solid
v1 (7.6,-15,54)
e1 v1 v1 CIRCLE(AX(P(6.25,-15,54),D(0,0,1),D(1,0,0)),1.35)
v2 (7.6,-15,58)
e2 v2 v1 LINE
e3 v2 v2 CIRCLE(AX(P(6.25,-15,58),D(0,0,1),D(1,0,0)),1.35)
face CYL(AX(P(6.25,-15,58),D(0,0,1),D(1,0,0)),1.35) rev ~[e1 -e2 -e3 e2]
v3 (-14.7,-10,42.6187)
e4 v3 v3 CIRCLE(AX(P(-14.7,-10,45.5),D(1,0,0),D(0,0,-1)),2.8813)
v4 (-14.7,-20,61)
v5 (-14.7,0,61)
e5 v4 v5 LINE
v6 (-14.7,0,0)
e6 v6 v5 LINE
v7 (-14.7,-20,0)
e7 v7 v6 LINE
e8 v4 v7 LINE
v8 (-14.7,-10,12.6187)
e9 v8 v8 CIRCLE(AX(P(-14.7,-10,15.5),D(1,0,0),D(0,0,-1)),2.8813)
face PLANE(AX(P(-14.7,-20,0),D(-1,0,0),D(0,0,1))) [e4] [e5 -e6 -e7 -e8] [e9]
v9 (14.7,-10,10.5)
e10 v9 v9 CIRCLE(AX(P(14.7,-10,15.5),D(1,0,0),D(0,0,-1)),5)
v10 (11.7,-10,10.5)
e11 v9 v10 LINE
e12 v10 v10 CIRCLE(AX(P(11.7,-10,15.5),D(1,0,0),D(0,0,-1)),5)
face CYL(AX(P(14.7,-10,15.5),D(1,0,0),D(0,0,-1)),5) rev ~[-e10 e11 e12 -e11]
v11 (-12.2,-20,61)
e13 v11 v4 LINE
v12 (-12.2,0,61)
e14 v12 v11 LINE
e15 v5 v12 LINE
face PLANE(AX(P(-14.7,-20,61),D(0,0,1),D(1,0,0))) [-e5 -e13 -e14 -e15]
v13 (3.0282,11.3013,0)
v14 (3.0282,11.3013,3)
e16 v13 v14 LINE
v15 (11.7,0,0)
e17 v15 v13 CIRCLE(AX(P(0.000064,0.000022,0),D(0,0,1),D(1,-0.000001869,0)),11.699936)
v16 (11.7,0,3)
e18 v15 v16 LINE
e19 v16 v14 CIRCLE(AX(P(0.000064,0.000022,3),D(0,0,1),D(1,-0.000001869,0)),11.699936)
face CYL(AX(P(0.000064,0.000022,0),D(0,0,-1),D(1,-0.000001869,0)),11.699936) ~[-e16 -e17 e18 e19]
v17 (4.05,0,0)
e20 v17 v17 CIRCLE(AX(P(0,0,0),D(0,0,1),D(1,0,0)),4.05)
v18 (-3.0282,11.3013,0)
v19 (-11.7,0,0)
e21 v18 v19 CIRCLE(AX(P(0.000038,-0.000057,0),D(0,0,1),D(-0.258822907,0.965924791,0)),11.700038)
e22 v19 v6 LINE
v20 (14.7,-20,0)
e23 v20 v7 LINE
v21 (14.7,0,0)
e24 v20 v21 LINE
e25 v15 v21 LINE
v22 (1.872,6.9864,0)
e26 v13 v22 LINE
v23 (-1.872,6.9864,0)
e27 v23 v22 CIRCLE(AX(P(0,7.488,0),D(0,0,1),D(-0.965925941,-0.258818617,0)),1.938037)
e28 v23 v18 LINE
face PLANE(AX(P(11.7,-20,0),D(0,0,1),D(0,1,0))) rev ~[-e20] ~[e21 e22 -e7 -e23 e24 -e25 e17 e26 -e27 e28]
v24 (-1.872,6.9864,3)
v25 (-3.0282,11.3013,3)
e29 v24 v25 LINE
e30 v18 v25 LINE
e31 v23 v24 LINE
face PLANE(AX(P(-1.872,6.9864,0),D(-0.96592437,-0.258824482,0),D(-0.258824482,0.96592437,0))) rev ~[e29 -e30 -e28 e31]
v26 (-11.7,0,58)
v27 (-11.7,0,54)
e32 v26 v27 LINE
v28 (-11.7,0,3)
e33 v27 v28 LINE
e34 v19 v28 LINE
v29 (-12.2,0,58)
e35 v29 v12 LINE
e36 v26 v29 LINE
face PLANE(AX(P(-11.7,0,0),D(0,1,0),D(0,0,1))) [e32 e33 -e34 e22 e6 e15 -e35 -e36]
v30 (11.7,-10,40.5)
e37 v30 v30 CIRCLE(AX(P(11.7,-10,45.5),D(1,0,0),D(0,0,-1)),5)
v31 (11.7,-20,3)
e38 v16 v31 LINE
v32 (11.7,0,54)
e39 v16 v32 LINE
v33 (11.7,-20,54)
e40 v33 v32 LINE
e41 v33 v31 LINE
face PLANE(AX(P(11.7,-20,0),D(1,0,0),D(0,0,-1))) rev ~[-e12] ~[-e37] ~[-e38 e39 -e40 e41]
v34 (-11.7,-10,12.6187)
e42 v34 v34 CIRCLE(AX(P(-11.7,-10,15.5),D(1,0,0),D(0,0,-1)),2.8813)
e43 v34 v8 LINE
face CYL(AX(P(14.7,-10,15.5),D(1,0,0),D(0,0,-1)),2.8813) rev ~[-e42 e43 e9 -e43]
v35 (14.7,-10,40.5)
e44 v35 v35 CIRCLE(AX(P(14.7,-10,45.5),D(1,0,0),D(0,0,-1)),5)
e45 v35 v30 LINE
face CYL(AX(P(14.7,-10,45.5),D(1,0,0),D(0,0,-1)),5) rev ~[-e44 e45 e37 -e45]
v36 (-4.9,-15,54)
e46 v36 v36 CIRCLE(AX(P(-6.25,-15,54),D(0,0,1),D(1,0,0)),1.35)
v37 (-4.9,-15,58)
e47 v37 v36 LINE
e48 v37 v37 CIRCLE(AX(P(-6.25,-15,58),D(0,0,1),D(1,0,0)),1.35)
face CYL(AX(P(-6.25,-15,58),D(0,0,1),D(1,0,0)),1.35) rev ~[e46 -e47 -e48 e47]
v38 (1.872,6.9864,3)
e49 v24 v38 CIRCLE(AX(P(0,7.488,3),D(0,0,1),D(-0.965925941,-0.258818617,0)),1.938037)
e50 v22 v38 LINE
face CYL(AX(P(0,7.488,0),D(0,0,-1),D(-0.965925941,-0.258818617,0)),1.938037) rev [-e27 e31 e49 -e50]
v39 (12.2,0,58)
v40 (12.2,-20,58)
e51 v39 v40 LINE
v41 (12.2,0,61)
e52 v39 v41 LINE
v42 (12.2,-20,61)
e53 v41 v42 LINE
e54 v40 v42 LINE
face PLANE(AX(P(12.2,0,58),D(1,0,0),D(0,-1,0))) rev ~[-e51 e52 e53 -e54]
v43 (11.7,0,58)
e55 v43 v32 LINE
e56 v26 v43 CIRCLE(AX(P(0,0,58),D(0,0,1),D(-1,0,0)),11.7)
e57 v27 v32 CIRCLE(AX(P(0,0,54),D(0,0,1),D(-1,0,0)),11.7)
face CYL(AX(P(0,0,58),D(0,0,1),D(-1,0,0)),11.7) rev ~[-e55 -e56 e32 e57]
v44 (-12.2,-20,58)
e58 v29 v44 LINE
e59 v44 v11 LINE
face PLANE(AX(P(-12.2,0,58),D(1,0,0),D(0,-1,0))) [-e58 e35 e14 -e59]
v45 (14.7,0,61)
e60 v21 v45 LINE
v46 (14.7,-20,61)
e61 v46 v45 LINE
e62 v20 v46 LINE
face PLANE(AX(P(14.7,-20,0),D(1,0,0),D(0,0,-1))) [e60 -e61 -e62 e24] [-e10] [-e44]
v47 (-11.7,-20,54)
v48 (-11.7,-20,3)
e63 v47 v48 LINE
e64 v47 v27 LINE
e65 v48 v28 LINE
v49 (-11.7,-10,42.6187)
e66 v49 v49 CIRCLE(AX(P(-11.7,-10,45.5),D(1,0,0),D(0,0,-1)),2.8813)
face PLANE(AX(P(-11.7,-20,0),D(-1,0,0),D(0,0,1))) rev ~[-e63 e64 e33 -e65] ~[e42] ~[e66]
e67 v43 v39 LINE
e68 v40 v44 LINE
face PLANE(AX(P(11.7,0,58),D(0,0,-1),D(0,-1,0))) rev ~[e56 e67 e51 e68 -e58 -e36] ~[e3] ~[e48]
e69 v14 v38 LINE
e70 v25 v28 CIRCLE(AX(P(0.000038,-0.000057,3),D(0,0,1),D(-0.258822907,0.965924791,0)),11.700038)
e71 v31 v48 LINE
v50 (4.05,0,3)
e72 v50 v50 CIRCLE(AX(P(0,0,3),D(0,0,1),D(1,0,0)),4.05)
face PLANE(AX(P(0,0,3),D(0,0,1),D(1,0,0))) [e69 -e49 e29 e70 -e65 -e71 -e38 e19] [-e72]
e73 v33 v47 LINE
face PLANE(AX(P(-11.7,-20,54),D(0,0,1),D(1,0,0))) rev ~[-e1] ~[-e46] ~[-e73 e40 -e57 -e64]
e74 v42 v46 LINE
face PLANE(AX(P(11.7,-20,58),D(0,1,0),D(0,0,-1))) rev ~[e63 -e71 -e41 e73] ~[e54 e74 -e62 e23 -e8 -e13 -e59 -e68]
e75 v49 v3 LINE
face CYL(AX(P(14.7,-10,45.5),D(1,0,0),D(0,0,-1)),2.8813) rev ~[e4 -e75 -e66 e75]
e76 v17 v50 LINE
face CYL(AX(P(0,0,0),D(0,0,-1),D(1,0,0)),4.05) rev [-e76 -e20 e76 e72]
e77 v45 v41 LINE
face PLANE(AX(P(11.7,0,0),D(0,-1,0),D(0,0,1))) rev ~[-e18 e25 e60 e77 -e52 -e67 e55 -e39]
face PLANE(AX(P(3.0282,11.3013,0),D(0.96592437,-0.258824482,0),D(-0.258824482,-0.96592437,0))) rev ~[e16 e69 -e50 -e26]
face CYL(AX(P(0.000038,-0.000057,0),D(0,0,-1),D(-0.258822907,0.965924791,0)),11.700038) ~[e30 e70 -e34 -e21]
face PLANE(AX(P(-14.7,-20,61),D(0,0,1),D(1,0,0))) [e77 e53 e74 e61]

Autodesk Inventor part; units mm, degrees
ref_plane "YZ Plane" through (0, 0, 0) normal (1, 0, 0) x (0, 1, 0)
ref_plane "XZ Plane" through (0, 0, 0) normal (0, 1, 0) x (-1, 0, 0)
ref_plane "XY Plane" through (0, 0, 0) normal (0, 0, 1) x (1, 0, 0)
sketch "Sketch1" plane through (0, 0, 0) normal (0, 0, 1) x (1, 0, 0)
  arc A0 (-1.9, 11.5447) -> (-3.0282, 11.3013) centre (0, 0) ccw construction
  line L0 (0, 7.75) -> (0, 0) construction
  arc A1 (1.9, 11.5447) -> (-1.9, 11.5447) centre (0, 0) ccw construction
  circle A2 centre (0, 0) radius 4.05
  line L1 (11.7, 0) -> (11.7, -20)
  line L2 (11.7, -20) -> (-11.7, -20)
  line L3 (-11.7, -20) -> (-11.7, 0)
  arc A3 (11.7, 0) -> (3.0282, 11.3013) centre (0, 0) ccw
  arc A4 (-11.7, 0) -> (11.7, 0) centre (0, 0) ccw construction
  line L4 (3.0282, 11.3013) -> (1.872, 6.9864)
  line L5 (-1.872, 6.9864) -> (-3.0282, 11.3013)
  arc A5 (-1.872, 6.9864) -> (1.872, 6.9864) centre (0, 7.488) ccw
  arc A6 (3.0282, 11.3013) -> (1.9, 11.5447) centre (0, 0) ccw construction
  arc A7 (-3.0282, 11.3013) -> (-11.7, 0) centre (0, 0) ccw
  line L6 (-1.872, 6.9864) -> (0, 0) construction
  line L7 (0, 0) -> (1.872, 6.9864) construction
  line L8 (0, 5.55) -> (0, 4.05) construction
  dimension "d3" = 8.1
  dimension "d0" = 23.4
  dimension "d4" = 20
  dimension "d8" = 30
  dimension "d9" = 1.5
extrude "Extrusion1" add sketch "Sketch1" along normal blind 3
sketch "Sketch2" plane through (-11.7, -20, 0) normal (-1, 0, 0) x (0, 0, 1)
  line L0 (0, 20) -> (58, 20)
  line L1 (58, 20) -> (58, 0)
  line L2 (58, 0) -> (0, 0)
  line L3 (0, 0) -> (0, 20)
  line L4 (0, 0) -> (3, 0) projected
  line L5 (3, 20) -> (3, 0) projected
  dimension "d10" = 55
extrude "Extrusion2" add sketch "Sketch2" along normal blind 3
sketch "Sketch3" plane through (-11.7, -20, 58) normal (0, 0, 1) x (1, 0, 0)
  circle A0 centre (11.7, 20) radius 4.05 construction
  arc A1 (0, 20) -> (23.4, 20) centre (11.7, 20) ccw
  line L0 (23.4, 0) -> (23.4, 20) projected
  line L1 (23.4, 20) -> (23.4, 0)
  line L2 (23.4, 0) -> (0, 0)
  line L3 (23.4, 0) -> (-3, 0) construction
  line L4 (0, 0) -> (0, 20)
extrude "Extrusion3" add sketch "Sketch3" against normal blind 4
sketch "Sketch4" plane through (-14.7, -20, 58) normal (0, 0, 1) x (1, 0, 0)
  circle A0 centre (8.45, 5) radius 1.35
  circle A1 centre (20.95, 5) radius 1.35
  line L0 (8.45, 5) -> (20.95, 5) construction
  line L1 (14.7, 5) -> (14.7, 20) construction
  dimension "d15" = 12.5
  dimension "d16" = 2.7
  dimension "d17" = 15
extrude "Extrusion4" cut sketch "Sketch4" against normal up to surface (4 mm away)
sketch "Sketch5" plane through (11.7, -20, 0) normal (1, 0, 0) x (0, 0, -1)
  line L0 (0, 31.3013) -> (0, 20) construction
  line L1 (0, 20) -> (-58, 20)
  line L2 (-58, 20) -> (-58, 0)
  line L3 (-58, 0) -> (0, 0)
  line L4 (0, 0) -> (0, 20)
extrude "Extrusion5" add sketch "Sketch5" along normal blind 3
sketch "Sketch7" plane through (-14.7, -20, 58) normal (0, 0, 1) x (1, 0, 0)
  line L0 (0, 20) -> (2.5, 20)
  line L1 (2.5, 20) -> (2.5, 0)
  line L2 (2.5, 0) -> (0, 0)
  line L3 (0, 0) -> (0, 20)
  line L4 (29.4, 20) -> (26.9, 20)
  line L5 (26.9, 20) -> (26.9, 0)
  line L6 (26.9, 0) -> (29.4, 0)
  line L7 (29.4, 0) -> (29.4, 20)
  point P0 (14.7, 20)
  dimension "d27" = 2.5
extrude "Extrusion7" add sketch "Sketch7" along normal blind 3
sketch "Sketch6" plane through (14.7, -20, 0) normal (1, 0, 0) x (0, 0, -1)
  line L0 (-45.5, 10) -> (-15.5, 10) construction
  line L1 (-58, 0) -> (0, 0) construction
  circle A0 centre (-45.5, 10) radius 2.8813
  circle A1 centre (-15.5, 10) radius 2.8813
  line L2 (0, 20) -> (-61, 20) construction
  line L3 (-30.5, 20) -> (-30.5, 10) construction
  dimension "d22" = 30
  dimension "d23" = 5.7625
  dimension "d24" = 10
extrude "Extrusion6" cut sketch "Sketch6" against normal through all
sketch "Sketch8" plane through (14.7, -20, 0) normal (1, 0, 0) x (0, 0, -1)
  circle A0 centre (-15.5, 10) radius 5
  circle A1 centre (-45.5, 10) radius 5
  circle A2 centre (-15.5, 10) radius 2.8813 construction
  circle A3 centre (-45.5, 10) radius 2.8813 construction
  point P0 (0, 20)
  dimension "d30" = 10
extrude "Extrusion8" cut sketch "Sketch8" against normal blind 3
properties part number "Xgantry_CableChain_top_connector"
